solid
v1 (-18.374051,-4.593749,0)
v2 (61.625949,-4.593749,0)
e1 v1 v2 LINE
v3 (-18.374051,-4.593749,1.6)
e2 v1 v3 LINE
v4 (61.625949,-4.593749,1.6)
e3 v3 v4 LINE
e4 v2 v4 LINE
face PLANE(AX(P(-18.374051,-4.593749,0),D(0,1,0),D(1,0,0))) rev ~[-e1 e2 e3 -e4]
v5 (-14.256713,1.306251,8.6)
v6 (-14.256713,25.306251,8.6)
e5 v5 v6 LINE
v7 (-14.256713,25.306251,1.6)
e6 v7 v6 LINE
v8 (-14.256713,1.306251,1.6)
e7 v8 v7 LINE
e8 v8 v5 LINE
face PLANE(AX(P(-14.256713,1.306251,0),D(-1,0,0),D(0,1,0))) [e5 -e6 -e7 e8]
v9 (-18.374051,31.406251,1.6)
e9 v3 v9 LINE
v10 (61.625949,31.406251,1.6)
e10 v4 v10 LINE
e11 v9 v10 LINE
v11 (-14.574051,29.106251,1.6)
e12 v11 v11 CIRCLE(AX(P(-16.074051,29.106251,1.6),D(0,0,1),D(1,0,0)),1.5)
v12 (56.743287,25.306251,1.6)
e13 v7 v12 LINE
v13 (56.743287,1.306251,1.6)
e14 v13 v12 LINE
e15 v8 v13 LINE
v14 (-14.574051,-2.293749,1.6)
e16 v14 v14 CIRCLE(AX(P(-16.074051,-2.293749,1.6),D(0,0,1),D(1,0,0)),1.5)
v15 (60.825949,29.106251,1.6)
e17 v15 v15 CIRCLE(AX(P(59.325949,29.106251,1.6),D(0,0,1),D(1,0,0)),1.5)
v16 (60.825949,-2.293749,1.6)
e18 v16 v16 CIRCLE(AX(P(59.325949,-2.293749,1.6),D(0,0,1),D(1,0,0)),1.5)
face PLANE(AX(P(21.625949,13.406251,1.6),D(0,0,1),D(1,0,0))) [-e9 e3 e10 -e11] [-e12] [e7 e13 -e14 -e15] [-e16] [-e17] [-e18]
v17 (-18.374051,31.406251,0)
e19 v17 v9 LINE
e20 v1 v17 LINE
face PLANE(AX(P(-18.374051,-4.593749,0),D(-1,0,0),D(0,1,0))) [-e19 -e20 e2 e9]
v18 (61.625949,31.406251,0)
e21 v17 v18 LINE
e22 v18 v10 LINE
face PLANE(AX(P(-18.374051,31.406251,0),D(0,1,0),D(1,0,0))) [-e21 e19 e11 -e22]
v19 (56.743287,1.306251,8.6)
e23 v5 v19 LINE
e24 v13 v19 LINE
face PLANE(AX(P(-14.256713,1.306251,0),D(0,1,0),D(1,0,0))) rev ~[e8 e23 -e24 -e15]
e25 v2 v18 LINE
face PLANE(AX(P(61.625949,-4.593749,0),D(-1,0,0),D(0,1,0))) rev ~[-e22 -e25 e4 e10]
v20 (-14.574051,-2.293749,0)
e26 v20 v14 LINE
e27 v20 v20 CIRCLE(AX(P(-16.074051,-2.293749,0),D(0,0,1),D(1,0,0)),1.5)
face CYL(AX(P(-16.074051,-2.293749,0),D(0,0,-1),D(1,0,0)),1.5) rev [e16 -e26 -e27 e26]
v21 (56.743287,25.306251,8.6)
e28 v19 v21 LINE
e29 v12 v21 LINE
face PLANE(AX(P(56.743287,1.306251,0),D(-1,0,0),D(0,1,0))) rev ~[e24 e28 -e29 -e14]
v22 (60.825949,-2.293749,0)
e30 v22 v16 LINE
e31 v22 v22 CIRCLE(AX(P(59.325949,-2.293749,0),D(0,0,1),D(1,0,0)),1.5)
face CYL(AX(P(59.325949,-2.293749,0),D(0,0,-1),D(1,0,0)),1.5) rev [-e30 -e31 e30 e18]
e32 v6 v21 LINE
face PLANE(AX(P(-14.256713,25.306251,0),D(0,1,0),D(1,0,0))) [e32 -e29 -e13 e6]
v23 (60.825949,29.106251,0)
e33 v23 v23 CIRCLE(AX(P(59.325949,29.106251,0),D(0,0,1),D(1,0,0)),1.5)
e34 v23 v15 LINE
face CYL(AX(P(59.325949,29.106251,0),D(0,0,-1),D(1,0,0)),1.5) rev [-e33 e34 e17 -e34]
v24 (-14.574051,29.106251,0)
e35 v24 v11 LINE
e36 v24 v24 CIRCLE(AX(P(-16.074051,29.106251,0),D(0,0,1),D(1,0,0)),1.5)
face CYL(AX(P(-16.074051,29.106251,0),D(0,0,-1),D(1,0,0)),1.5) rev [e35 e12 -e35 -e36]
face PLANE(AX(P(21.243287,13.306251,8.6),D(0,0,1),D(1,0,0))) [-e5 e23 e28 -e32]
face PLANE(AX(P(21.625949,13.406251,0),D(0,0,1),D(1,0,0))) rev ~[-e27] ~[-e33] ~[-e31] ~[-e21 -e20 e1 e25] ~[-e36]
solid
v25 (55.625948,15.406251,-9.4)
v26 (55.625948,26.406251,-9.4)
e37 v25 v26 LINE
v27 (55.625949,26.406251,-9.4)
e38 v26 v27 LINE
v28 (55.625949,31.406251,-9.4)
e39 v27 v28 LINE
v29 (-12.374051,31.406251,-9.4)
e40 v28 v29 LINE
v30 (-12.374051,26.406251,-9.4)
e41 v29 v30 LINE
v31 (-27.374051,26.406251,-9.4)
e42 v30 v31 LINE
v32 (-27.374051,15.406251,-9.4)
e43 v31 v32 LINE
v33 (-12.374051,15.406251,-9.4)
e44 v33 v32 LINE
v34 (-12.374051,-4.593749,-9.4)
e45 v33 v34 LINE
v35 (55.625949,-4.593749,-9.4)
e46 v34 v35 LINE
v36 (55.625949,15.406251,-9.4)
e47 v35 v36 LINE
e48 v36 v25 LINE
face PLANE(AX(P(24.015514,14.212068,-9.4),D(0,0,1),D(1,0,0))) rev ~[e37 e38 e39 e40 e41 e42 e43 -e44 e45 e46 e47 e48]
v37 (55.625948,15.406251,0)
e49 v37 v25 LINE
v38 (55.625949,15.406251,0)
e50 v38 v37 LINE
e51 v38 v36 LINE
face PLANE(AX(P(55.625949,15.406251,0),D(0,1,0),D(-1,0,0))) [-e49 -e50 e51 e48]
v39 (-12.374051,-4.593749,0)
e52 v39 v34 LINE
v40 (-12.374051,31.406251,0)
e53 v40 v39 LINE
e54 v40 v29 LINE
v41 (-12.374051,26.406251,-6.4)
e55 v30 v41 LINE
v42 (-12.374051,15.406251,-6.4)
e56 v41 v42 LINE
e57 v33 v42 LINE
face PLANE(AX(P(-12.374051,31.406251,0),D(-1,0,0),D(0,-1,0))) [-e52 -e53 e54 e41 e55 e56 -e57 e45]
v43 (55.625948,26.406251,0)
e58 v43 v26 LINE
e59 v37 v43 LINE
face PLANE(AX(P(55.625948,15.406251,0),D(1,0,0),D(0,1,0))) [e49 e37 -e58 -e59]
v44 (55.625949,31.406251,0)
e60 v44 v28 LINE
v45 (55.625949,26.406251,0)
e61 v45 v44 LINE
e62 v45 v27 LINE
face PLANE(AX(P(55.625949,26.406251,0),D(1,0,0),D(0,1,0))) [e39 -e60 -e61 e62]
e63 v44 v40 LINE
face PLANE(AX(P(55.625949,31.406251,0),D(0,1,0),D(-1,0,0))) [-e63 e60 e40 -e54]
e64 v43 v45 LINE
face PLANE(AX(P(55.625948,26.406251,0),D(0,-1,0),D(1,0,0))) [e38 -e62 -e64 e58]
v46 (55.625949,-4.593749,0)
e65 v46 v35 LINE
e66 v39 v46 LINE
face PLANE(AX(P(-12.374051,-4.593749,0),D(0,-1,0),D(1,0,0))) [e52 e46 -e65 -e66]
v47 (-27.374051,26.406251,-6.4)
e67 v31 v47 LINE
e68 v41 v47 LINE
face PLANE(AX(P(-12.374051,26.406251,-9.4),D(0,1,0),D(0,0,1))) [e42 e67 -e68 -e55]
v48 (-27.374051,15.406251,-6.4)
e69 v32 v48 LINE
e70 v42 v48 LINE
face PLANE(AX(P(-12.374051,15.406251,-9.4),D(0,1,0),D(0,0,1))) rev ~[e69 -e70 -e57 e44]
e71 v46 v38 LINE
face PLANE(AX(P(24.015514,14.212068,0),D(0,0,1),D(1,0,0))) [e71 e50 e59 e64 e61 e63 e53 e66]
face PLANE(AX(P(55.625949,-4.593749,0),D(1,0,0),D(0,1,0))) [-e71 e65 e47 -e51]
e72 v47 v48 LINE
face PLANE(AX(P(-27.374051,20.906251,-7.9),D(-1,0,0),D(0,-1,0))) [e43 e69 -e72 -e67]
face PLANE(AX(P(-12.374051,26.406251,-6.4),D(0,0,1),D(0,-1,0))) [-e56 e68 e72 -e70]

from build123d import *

# Parameters (mm, degrees)
F0_W     = 71
F0_H     = 24
F1_DEPTH = 8.6
F0_W_2   = 80
F0_H_2   = 36
F0_R     = 1.5
F2_DEPTH = 1.6
F3_W     = 12.519065
F3_H     = 11
F4_DEPTH = 9.4
F5_W     = 11
F5_H     = 3
F6_DEPTH = 15


with BuildPart() as f1:
    # F0 (on Top) → F1 (new body)
    with BuildSketch(Plane.XY):
        with Locations((21.243287, 13.306251)):
            Rectangle(F0_W, F0_H)
    extrude(amount=F1_DEPTH)

    # F0 (on Top) → F2 (join)
    with BuildSketch(Plane.XY):
        with Locations((21.625949, 13.406251)):
            Rectangle(F0_W_2, F0_H_2)
        with Locations((-16.074051, -2.293749)):
            Circle(F0_R, mode=Mode.SUBTRACT)
        with Locations((21.243287, 13.306251)):
            Rectangle(F0_W, F0_H, mode=Mode.SUBTRACT)
        with Locations((59.325949, -2.293749)):
            Circle(F0_R, mode=Mode.SUBTRACT)
        with Locations((-16.074051, 29.106251)):
            Circle(F0_R, mode=Mode.SUBTRACT)
        with Locations((59.325949, 29.106251)):
            Circle(F0_R, mode=Mode.SUBTRACT)
    extrude(amount=F2_DEPTH)


with BuildPart() as f4:
    # F3 (on Top) → F4 (new body)
    with BuildSketch(Plane.XY):
        Polygon((43.106884, 26.406251), (55.625949, 26.406251), (55.625949, 31.406251), (-12.374051, 31.406251), (-12.374051, -4.593749), (55.625949, -4.593749), (55.625949, 15.406251), (43.106884, 15.406251), align=None)
        with Locations((49.366416, 20.906251)):
            Rectangle(F3_W, F3_H)
    extrude(amount=-F4_DEPTH)

    # F5 (on face) → F6 (join)
    with BuildSketch(Plane(origin=(-12.374051, 0, 0), x_dir=(0, -1, 0), z_dir=(-1, 0, 0))):
        with Locations((-20.906251, -7.9)):
            Rectangle(F5_W, F5_H)
    extrude(amount=F6_DEPTH)


solid = Compound([f1.part, f4.part])
